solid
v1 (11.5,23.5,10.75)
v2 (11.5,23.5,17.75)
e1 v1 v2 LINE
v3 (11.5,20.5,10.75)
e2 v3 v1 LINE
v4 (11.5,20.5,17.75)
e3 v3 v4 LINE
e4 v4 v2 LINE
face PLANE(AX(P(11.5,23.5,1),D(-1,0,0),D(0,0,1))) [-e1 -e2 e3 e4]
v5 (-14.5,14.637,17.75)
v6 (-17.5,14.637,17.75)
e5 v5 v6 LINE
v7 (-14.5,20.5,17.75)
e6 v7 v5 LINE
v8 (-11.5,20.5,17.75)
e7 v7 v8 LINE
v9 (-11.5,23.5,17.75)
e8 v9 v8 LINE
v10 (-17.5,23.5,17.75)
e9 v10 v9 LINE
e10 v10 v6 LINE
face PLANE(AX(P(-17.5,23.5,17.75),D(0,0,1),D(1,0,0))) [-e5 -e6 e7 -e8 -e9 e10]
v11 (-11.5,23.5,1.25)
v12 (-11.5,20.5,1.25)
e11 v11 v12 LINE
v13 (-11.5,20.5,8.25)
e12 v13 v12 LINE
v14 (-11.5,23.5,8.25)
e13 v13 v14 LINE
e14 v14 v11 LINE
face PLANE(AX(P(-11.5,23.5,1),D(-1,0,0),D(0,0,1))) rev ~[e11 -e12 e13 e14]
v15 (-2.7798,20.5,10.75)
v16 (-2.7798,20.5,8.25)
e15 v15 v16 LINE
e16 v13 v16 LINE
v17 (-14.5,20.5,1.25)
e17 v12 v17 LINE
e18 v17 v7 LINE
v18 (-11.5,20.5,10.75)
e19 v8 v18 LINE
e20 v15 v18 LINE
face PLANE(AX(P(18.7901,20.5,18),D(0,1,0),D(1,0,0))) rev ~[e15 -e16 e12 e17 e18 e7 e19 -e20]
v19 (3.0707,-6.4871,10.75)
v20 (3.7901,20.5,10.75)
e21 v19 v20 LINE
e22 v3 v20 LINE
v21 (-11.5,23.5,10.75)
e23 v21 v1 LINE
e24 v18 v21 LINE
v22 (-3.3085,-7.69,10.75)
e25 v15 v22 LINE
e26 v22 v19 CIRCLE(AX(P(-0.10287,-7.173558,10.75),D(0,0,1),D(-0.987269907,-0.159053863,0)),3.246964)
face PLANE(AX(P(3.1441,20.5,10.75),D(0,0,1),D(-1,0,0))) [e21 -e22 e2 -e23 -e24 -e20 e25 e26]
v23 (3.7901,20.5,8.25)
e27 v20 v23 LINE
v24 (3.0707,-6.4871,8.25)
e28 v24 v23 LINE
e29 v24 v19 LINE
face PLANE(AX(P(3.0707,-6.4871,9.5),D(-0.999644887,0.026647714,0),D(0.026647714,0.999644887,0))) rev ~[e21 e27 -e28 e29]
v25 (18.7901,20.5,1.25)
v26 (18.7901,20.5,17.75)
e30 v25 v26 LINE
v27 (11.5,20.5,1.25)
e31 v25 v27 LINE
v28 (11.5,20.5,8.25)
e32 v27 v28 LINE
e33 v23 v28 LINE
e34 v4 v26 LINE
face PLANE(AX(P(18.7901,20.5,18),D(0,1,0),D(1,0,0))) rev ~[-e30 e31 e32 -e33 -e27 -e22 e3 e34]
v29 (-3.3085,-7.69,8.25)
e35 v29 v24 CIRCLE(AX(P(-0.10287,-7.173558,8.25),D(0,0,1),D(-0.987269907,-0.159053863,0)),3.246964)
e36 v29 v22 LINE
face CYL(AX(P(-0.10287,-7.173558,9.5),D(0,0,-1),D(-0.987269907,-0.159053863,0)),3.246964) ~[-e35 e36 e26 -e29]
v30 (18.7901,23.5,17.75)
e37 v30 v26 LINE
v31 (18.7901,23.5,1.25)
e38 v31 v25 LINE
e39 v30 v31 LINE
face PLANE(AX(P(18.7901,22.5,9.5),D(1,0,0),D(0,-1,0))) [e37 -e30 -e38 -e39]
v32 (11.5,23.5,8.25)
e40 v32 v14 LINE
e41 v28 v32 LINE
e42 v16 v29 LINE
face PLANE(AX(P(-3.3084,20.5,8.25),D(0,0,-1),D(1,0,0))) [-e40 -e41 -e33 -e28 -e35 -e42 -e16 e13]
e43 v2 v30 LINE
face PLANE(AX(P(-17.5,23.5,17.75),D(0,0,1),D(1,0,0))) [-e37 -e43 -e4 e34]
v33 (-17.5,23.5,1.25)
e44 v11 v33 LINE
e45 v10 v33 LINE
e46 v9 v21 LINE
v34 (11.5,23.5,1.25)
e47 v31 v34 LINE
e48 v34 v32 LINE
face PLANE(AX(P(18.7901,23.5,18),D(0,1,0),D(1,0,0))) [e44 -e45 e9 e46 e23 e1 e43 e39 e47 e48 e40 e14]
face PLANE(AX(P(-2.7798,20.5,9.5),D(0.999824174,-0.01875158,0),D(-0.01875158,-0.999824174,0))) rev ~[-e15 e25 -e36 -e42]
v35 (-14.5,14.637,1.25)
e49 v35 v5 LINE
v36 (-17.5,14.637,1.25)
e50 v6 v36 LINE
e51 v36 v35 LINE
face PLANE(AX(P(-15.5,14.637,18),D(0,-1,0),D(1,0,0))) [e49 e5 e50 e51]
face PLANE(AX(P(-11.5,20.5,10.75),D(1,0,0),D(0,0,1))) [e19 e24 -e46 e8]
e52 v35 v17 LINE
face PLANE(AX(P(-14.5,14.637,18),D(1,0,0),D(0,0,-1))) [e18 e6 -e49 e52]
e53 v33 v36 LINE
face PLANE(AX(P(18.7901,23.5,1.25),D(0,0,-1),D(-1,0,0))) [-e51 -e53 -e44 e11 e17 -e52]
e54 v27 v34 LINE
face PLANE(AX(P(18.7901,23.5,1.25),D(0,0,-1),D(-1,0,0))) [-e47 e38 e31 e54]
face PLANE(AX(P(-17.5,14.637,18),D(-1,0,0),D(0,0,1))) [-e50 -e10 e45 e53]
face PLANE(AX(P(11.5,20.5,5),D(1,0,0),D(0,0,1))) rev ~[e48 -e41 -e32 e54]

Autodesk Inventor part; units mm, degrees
ref_plane "YZ Plane" through (0, 0, 0) normal (1, 0, 0) x (0, 1, 0)
ref_plane "Work Plane5" through (0, 0, 9.5) normal (0, 0, 1) x (1, 0, 0)
sketch "Sketch4" plane through (0, 0, 9.5) normal (0, 0, 1) x (1, 0, 0)
  arc A0 (-3.3085, -7.69) -> (3.0707, -6.4871) centre (-0.1029, -7.1736) ccw
  line L0 (3.0707, -6.4871) -> (3.7901, 20.5)
  line L1 (-2.7798, 20.5) -> (-3.3085, -7.69)
  line L2 (-3.8298, 20.5) -> (-2.7798, 20.5)
  line L3 (3.7901, 20.5) -> (4.8401, 20.5)
  line L4 (-11.5, 20.5) -> (-12.5, 20.5) projected
  line L5 (11.5, 20.5) -> (9.5, 20.5) projected
  line L6 (-12.5, 20.5) -> (-2.7798, 20.5)
  line L7 (3.7901, 20.5) -> (18.7901, 20.5)
  line L8 (-12.5, 20.5) -> (-12.5, 14.637)
  line L9 (-12.5, 14.637) -> (-12.5, 20.5)
  line L10 (-12.5, 14.637) -> (-14.5, 14.637)
  line L11 (-14.5, 14.637) -> (-14.5, 22.5)
  line L12 (-14.5, 22.5) -> (18.7901, 22.5)
  line L13 (18.7901, 22.5) -> (18.7901, 20.5)
  line L14 (-2.7798, 20.5) -> (3.7901, 20.5)
  point P0 (0, 0)
  point P1 (-0.3189, -10.4133)
  dimension "d34" = 15
  dimension "d36" = 2
  dimension "d52" = 2
extrude "Extrusion7" add sketch "Sketch4" along normal mid plane 2.5 contours L1 L14 L0 A0
extrude "Extrusion8" add sketch "Sketch4" along normal mid plane 17 contours L2 L6 L4 L8 L10 L11 L12 L13 L7 L5 L3 L14
ref_plane "Work Plane4" through (-12.5, 22.5, 0) normal (0, 1, 0) x (1, 0, 0)
sketch "Sketch5" plane through (-12.5, 22.5, 0) normal (0, 1, 0) x (1, 0, 0)
  line L0 (-2, -11.5) -> (27, -11.5)
  line L1 (27, -11.5) -> (27, -7.5)
  line L2 (27, -7.5) -> (-2, -7.5)
  line L3 (-2, -7.5) -> (-2, -11.5)
  line L4 (15.5, -9.5) -> (9.5, -9.5) projected
  line L5 (-2, -11.5) -> (27, -7.5) construction
  line L6 (27, -11.5) -> (-2, -7.5) construction
  line L7 (0, -1) -> (25, -1)
  line L8 (25, -1) -> (25, -7.5)
  line L9 (25, -7.5) -> (0, -7.5)
  line L10 (0, -7.5) -> (0, -1)
  line L11 (0, -9.5) -> (0, -18) projected
  line L12 (0, -18) -> (31.2901, -18) projected
  line L13 (0, -11.5) -> (25, -11.5)
  line L14 (25, -11.5) -> (25, -18)
  line L15 (25, -18) -> (0, -18)
  line L16 (0, -18) -> (0, -11.5)
  point P0 (12.5, 0)
  point P1 (12.5, -9.5)
extrude "Extrusion9" cut sketch "Sketch5" against normal through all contours L0 L14 L12 L11 | L10 L7 L8 L2
sketch "Sketch6" plane through (-14.5, 22.5, 1) normal (0, 1, 0) x (1, 0, 0)
  line L0 (2, -6.5) -> (27, -6.5) projected
  line L1 (2, 0) -> (4, 0)
  line L2 (4, 0) -> (4, -6.5)
  line L3 (4, -6.5) -> (2, -6.5)
  line L4 (2, -6.5) -> (2, 0)
  line L5 (27, -10.5) -> (2, -10.5) projected
  line L6 (2, -17) -> (4, -17)
  line L7 (4, -17) -> (4, -10.5)
  line L8 (4, -10.5) -> (2, -10.5)
  line L9 (2, -10.5) -> (2, -17)
  line L10 (27, 0) -> (25, 0)
  line L11 (25, 0) -> (25, -6.5)
  line L12 (25, -6.5) -> (27, -6.5)
  line L13 (27, -6.5) -> (27, 0)
  line L14 (27, -10.5) -> (25, -10.5)
  line L15 (25, -10.5) -> (25, -17)
  line L16 (25, -17) -> (27, -17)
  line L17 (27, -17) -> (27, -10.5)
  point P0 (14.5, 1)
  dimension "d43" = 2
  dimension "d44" = 2
  dimension "d45" = 2
  dimension "d46" = 2
extrude "Extrusion10" add sketch "Sketch6" along normal mid plane 4
sketch "Sketch7" plane through (18.7901, 22.5, 18) normal (0, 1, 0) x (1, 0, 0)
  line L0 (-8.2901, 0) -> (0, 0) projected
  line L1 (0, 17) -> (5, 17)
  line L2 (5, 17) -> (5, 0)
  line L3 (5, 0) -> (0, 0)
  line L4 (0, 0) -> (0, 17)
  point P0 (-18.7901, 18)
  dimension "d49" = 5
extrude "Extrusion11" cut sketch "Sketch7" against normal through all
sketch "Sketch8" plane through (0, 0, 18) normal (0, 0, 1) x (1, 0, 0)
  line L0 (12.5, 24.5) -> (18.7901, 24.5)
  line L1 (18.7901, 24.5) -> (18.7901, 22.5)
  line L2 (18.7901, 22.5) -> (12.5, 22.5)
  line L3 (12.5, 22.5) -> (12.5, 24.5)
  line L4 (-12.5, 24.5) -> (-14.5, 24.5)
  line L5 (-14.5, 24.5) -> (-14.5, 22.5)
  line L6 (-14.5, 22.5) -> (-12.5, 22.5)
  line L7 (-12.5, 22.5) -> (-12.5, 24.5)
  point P0 (0, 0)
extrude "Extrusion12" add sketch "Sketch8" against normal blind 17
sketch "Sketch9" plane through (-10.5, 22.5, 11.5) normal (0, 1, 0) x (1, 0, 0)
  line L0 (0, 0) -> (0, 4)
  line L1 (21, 0) -> (21, 4)
  line L2 (23, 0) -> (21, 0) projected
  line L3 (23, 0) -> (23, 4) projected
  line L4 (21, 4) -> (23, 4) projected
  line L5 (-2, 4) -> (0, 4) projected
  line L6 (-2, 0) -> (-2, 4) projected
  line L7 (0, 0) -> (-2, 0) projected
  point P0 (10.5, 11.5)
extrude "Extrusion13" add sketch "Sketch9" along normal blind 2
sketch "Sketch10" plane through (-10.5, 20.5, 11.5) normal (0, 0, 1) x (1, 0, 0)
  line L0 (0, 4) -> (21, 4)
  line L1 (21, 4) -> (21, 2)
  line L2 (21, 2) -> (0, 2)
  line L3 (0, 2) -> (0, 4)
  point P0 (10.5, -20.5)
extrude "Extrusion14" add sketch "Sketch10" against normal blind 4
sketch "Sketch12" plane through (0, 0, 18) normal (0, 0, 1) x (1, 0, 0)
  line L0 (18.7901, 24.5) -> (18.7901, 20.5) projected
  line L1 (-14.5, 24.5) -> (18.7901, 24.5)
  line L2 (18.7901, 24.5) -> (18.7901, 23.5)
  line L3 (18.7901, 23.5) -> (-14.5, 23.5)
  line L4 (-14.5, 23.5) -> (-14.5, 24.5)
  point P0 (0, 0)
  dimension "d59" = 1
extrude "Extrusion15" cut sketch "Sketch12" against normal through all
sketch "Sketch13" plane through (0, 0, 18) normal (0, 0, 1) x (1, 0, 0)
  line L0 (-14.5, 23.5) -> (-15.5, 23.5)
  line L1 (-15.5, 23.5) -> (-15.5, 14.637)
  line L2 (-15.5, 14.637) -> (-14.5, 14.637)
  line L3 (-14.5, 14.637) -> (-14.5, 23.5)
  point P0 (0, 0)
  dimension "d62" = 1
extrude "Extrusion16" add sketch "Sketch13" against normal blind 17
sketch "Sketch15" plane through (10.5, 23.5, 18) normal (0, 1, 0) x (1, 0, 0)
  line L0 (0, 17) -> (3, 17)
  line L1 (3, 17) -> (3, 10.5)
  line L2 (3, 10.5) -> (0, 10.5)
  line L3 (0, 10.5) -> (0, 17)
  line L4 (0, 0) -> (3, 0)
  line L5 (3, 0) -> (3, 6.4739)
  line L6 (3, 6.4739) -> (0, 6.4739)
  line L7 (0, 6.4739) -> (0, 0)
  point P0 (-10.5, 18)
  dimension "d70" = 3
extrude "Extrusion18" cut sketch "Sketch15" against normal up to next
sketch "Sketch16" plane through (-10.5, 23.5, 11.5) normal (0, 1, 0) x (1, 0, 0)
  line L0 (0, 10.5) -> (1, 10.5)
  line L1 (1, 10.5) -> (1, -6.5)
  line L2 (1, -6.5) -> (0, -6.5)
  line L3 (0, -6.5) -> (0, 10.5)
  point P0 (10.5, 11.5)
extrude "Extrusion19" add sketch "Sketch16" against normal blind 3
sketch "Sketch17" plane through (-12.5, 14.637, 18) normal (1, 0, 0) x (0, 0, -1)
  line L0 (17, 5.863) -> (0, 5.863) projected
  line L1 (0, 0) -> (0, 5.863) projected
  line L2 (17, 0) -> (0, 0) projected
  line L3 (17, 5.863) -> (17, 0) projected
  point P0 (18, -14.637)
extrude "Extrusion20" cut sketch "Sketch17" against normal blind 2
sketch "Sketch18" plane through (-15.5, 14.637, 18) normal (-1, 0, 0) x (0, 0, 1)
  line L0 (0, 5.863) -> (-17, 5.863) projected
  line L1 (0, 8.863) -> (0, 0) projected
  line L2 (0, 8.863) -> (-17, 8.863) projected
  line L3 (-17, 0) -> (-17, 8.863) projected
  line L4 (0, 0) -> (-17, 0) projected
  point P0 (-18, -14.637)
extrude "Extrusion21" add sketch "Sketch18" along normal blind 2
sketch "Sketch19" plane through (18.7901, 23.5, 18) normal (0, 1, 0) x (1, 0, 0)
  line L0 (-28.2901, 17) -> (-30.2901, 17)
  line L1 (-30.2901, 17) -> (-30.2901, 10.5)
  line L2 (-30.2901, 10.5) -> (-28.2901, 10.5)
  line L3 (-28.2901, 10.5) -> (-28.2901, 17)
  line L4 (-28.2901, 0) -> (-36.2901, 0) projected
  line L5 (-28.2901, 6.5) -> (-30.2901, 6.5)
  line L6 (-30.2901, 6.5) -> (-30.2901, 0)
  line L7 (-30.2901, 0) -> (-28.2901, 0)
  line L8 (-28.2901, 0) -> (-28.2901, 6.5)
  line L9 (-5.2901, 17) -> (-7.2901, 17)
  line L10 (-7.2901, 17) -> (-7.2901, 0)
  line L11 (-7.2901, 0) -> (-5.2901, 0)
  line L12 (-5.2901, 0) -> (-5.2901, 17)
  point P0 (-18.7901, 18)
  dimension "d77" = 2
  dimension "d78" = 2
extrude "Extrusion22" cut sketch "Sketch19" against normal up to next contours L3 L2 L1 L0 | L4 L6 L5 L8
extrude "Extrusion23" add sketch "Sketch19" against normal blind 3 contours L12 L11 L10 L9
sketch "Sketch20" plane through (18.7901, 20.5, 1) normal (0, -1, 0) x (1, 0, 0)
  line L0 (-22.0985, 7.25) -> (-15.646, 7.25) projected
  line L1 (-15.646, 9.75) -> (-22.0985, 9.75) projected
  line L2 (-7.2901, 17) -> (-7.2901, 10.5261) projected
  line L3 (-30.2901, 17) -> (-30.2901, 10.5) projected
  line L4 (-30.2901, 13) -> (-7.2901, 13)
  line L5 (-7.2901, 13) -> (-7.2901, 9.75)
  line L6 (-7.2901, 9.75) -> (-30.2901, 9.75)
  line L7 (-30.2901, 9.75) -> (-30.2901, 13)
  line L8 (-30.2901, 4) -> (-7.2901, 4)
  line L9 (-7.2901, 4) -> (-7.2901, 7.25)
  line L10 (-7.2901, 7.25) -> (-30.2901, 7.25)
  line L11 (-30.2901, 7.25) -> (-30.2901, 4)
  point P0 (-18.7901, -1)
  point P1 (-15.7194, 7.25)
  point P2 (-15.7194, 9.75)
extrude "Extrusion24" cut sketch "Sketch20" against normal through all
sketch "Sketch21" plane through (18.7901, 23.5, 18) normal (0, 1, 0) x (1, 0, 0)
  line L0 (0, 17) -> (0, 0) projected
  line L1 (-36.2901, 17) -> (0, 17)
  line L2 (0, 17) -> (0, 16.75)
  line L3 (0, 16.75) -> (-36.2901, 16.75)
  line L4 (-36.2901, 16.75) -> (-36.2901, 17)
  line L5 (-36.2901, 0) -> (-36.2901, 17) projected
  line L6 (0, 0) -> (-36.2901, 0)
  line L7 (-36.2901, 0) -> (-36.2901, 0.25)
  line L8 (-36.2901, 0.25) -> (0, 0.25)
  line L9 (0, 0.25) -> (0, 0)
  point P0 (-18.7901, 18)
  dimension "d85" = 0.25
  dimension "d86" = 0.25
extrude "Extrusion25" cut sketch "Sketch21" against normal through all contours L0 L3 L4 L1 | L0 L6 L5 L8
properties part number "cover sepatu32"
